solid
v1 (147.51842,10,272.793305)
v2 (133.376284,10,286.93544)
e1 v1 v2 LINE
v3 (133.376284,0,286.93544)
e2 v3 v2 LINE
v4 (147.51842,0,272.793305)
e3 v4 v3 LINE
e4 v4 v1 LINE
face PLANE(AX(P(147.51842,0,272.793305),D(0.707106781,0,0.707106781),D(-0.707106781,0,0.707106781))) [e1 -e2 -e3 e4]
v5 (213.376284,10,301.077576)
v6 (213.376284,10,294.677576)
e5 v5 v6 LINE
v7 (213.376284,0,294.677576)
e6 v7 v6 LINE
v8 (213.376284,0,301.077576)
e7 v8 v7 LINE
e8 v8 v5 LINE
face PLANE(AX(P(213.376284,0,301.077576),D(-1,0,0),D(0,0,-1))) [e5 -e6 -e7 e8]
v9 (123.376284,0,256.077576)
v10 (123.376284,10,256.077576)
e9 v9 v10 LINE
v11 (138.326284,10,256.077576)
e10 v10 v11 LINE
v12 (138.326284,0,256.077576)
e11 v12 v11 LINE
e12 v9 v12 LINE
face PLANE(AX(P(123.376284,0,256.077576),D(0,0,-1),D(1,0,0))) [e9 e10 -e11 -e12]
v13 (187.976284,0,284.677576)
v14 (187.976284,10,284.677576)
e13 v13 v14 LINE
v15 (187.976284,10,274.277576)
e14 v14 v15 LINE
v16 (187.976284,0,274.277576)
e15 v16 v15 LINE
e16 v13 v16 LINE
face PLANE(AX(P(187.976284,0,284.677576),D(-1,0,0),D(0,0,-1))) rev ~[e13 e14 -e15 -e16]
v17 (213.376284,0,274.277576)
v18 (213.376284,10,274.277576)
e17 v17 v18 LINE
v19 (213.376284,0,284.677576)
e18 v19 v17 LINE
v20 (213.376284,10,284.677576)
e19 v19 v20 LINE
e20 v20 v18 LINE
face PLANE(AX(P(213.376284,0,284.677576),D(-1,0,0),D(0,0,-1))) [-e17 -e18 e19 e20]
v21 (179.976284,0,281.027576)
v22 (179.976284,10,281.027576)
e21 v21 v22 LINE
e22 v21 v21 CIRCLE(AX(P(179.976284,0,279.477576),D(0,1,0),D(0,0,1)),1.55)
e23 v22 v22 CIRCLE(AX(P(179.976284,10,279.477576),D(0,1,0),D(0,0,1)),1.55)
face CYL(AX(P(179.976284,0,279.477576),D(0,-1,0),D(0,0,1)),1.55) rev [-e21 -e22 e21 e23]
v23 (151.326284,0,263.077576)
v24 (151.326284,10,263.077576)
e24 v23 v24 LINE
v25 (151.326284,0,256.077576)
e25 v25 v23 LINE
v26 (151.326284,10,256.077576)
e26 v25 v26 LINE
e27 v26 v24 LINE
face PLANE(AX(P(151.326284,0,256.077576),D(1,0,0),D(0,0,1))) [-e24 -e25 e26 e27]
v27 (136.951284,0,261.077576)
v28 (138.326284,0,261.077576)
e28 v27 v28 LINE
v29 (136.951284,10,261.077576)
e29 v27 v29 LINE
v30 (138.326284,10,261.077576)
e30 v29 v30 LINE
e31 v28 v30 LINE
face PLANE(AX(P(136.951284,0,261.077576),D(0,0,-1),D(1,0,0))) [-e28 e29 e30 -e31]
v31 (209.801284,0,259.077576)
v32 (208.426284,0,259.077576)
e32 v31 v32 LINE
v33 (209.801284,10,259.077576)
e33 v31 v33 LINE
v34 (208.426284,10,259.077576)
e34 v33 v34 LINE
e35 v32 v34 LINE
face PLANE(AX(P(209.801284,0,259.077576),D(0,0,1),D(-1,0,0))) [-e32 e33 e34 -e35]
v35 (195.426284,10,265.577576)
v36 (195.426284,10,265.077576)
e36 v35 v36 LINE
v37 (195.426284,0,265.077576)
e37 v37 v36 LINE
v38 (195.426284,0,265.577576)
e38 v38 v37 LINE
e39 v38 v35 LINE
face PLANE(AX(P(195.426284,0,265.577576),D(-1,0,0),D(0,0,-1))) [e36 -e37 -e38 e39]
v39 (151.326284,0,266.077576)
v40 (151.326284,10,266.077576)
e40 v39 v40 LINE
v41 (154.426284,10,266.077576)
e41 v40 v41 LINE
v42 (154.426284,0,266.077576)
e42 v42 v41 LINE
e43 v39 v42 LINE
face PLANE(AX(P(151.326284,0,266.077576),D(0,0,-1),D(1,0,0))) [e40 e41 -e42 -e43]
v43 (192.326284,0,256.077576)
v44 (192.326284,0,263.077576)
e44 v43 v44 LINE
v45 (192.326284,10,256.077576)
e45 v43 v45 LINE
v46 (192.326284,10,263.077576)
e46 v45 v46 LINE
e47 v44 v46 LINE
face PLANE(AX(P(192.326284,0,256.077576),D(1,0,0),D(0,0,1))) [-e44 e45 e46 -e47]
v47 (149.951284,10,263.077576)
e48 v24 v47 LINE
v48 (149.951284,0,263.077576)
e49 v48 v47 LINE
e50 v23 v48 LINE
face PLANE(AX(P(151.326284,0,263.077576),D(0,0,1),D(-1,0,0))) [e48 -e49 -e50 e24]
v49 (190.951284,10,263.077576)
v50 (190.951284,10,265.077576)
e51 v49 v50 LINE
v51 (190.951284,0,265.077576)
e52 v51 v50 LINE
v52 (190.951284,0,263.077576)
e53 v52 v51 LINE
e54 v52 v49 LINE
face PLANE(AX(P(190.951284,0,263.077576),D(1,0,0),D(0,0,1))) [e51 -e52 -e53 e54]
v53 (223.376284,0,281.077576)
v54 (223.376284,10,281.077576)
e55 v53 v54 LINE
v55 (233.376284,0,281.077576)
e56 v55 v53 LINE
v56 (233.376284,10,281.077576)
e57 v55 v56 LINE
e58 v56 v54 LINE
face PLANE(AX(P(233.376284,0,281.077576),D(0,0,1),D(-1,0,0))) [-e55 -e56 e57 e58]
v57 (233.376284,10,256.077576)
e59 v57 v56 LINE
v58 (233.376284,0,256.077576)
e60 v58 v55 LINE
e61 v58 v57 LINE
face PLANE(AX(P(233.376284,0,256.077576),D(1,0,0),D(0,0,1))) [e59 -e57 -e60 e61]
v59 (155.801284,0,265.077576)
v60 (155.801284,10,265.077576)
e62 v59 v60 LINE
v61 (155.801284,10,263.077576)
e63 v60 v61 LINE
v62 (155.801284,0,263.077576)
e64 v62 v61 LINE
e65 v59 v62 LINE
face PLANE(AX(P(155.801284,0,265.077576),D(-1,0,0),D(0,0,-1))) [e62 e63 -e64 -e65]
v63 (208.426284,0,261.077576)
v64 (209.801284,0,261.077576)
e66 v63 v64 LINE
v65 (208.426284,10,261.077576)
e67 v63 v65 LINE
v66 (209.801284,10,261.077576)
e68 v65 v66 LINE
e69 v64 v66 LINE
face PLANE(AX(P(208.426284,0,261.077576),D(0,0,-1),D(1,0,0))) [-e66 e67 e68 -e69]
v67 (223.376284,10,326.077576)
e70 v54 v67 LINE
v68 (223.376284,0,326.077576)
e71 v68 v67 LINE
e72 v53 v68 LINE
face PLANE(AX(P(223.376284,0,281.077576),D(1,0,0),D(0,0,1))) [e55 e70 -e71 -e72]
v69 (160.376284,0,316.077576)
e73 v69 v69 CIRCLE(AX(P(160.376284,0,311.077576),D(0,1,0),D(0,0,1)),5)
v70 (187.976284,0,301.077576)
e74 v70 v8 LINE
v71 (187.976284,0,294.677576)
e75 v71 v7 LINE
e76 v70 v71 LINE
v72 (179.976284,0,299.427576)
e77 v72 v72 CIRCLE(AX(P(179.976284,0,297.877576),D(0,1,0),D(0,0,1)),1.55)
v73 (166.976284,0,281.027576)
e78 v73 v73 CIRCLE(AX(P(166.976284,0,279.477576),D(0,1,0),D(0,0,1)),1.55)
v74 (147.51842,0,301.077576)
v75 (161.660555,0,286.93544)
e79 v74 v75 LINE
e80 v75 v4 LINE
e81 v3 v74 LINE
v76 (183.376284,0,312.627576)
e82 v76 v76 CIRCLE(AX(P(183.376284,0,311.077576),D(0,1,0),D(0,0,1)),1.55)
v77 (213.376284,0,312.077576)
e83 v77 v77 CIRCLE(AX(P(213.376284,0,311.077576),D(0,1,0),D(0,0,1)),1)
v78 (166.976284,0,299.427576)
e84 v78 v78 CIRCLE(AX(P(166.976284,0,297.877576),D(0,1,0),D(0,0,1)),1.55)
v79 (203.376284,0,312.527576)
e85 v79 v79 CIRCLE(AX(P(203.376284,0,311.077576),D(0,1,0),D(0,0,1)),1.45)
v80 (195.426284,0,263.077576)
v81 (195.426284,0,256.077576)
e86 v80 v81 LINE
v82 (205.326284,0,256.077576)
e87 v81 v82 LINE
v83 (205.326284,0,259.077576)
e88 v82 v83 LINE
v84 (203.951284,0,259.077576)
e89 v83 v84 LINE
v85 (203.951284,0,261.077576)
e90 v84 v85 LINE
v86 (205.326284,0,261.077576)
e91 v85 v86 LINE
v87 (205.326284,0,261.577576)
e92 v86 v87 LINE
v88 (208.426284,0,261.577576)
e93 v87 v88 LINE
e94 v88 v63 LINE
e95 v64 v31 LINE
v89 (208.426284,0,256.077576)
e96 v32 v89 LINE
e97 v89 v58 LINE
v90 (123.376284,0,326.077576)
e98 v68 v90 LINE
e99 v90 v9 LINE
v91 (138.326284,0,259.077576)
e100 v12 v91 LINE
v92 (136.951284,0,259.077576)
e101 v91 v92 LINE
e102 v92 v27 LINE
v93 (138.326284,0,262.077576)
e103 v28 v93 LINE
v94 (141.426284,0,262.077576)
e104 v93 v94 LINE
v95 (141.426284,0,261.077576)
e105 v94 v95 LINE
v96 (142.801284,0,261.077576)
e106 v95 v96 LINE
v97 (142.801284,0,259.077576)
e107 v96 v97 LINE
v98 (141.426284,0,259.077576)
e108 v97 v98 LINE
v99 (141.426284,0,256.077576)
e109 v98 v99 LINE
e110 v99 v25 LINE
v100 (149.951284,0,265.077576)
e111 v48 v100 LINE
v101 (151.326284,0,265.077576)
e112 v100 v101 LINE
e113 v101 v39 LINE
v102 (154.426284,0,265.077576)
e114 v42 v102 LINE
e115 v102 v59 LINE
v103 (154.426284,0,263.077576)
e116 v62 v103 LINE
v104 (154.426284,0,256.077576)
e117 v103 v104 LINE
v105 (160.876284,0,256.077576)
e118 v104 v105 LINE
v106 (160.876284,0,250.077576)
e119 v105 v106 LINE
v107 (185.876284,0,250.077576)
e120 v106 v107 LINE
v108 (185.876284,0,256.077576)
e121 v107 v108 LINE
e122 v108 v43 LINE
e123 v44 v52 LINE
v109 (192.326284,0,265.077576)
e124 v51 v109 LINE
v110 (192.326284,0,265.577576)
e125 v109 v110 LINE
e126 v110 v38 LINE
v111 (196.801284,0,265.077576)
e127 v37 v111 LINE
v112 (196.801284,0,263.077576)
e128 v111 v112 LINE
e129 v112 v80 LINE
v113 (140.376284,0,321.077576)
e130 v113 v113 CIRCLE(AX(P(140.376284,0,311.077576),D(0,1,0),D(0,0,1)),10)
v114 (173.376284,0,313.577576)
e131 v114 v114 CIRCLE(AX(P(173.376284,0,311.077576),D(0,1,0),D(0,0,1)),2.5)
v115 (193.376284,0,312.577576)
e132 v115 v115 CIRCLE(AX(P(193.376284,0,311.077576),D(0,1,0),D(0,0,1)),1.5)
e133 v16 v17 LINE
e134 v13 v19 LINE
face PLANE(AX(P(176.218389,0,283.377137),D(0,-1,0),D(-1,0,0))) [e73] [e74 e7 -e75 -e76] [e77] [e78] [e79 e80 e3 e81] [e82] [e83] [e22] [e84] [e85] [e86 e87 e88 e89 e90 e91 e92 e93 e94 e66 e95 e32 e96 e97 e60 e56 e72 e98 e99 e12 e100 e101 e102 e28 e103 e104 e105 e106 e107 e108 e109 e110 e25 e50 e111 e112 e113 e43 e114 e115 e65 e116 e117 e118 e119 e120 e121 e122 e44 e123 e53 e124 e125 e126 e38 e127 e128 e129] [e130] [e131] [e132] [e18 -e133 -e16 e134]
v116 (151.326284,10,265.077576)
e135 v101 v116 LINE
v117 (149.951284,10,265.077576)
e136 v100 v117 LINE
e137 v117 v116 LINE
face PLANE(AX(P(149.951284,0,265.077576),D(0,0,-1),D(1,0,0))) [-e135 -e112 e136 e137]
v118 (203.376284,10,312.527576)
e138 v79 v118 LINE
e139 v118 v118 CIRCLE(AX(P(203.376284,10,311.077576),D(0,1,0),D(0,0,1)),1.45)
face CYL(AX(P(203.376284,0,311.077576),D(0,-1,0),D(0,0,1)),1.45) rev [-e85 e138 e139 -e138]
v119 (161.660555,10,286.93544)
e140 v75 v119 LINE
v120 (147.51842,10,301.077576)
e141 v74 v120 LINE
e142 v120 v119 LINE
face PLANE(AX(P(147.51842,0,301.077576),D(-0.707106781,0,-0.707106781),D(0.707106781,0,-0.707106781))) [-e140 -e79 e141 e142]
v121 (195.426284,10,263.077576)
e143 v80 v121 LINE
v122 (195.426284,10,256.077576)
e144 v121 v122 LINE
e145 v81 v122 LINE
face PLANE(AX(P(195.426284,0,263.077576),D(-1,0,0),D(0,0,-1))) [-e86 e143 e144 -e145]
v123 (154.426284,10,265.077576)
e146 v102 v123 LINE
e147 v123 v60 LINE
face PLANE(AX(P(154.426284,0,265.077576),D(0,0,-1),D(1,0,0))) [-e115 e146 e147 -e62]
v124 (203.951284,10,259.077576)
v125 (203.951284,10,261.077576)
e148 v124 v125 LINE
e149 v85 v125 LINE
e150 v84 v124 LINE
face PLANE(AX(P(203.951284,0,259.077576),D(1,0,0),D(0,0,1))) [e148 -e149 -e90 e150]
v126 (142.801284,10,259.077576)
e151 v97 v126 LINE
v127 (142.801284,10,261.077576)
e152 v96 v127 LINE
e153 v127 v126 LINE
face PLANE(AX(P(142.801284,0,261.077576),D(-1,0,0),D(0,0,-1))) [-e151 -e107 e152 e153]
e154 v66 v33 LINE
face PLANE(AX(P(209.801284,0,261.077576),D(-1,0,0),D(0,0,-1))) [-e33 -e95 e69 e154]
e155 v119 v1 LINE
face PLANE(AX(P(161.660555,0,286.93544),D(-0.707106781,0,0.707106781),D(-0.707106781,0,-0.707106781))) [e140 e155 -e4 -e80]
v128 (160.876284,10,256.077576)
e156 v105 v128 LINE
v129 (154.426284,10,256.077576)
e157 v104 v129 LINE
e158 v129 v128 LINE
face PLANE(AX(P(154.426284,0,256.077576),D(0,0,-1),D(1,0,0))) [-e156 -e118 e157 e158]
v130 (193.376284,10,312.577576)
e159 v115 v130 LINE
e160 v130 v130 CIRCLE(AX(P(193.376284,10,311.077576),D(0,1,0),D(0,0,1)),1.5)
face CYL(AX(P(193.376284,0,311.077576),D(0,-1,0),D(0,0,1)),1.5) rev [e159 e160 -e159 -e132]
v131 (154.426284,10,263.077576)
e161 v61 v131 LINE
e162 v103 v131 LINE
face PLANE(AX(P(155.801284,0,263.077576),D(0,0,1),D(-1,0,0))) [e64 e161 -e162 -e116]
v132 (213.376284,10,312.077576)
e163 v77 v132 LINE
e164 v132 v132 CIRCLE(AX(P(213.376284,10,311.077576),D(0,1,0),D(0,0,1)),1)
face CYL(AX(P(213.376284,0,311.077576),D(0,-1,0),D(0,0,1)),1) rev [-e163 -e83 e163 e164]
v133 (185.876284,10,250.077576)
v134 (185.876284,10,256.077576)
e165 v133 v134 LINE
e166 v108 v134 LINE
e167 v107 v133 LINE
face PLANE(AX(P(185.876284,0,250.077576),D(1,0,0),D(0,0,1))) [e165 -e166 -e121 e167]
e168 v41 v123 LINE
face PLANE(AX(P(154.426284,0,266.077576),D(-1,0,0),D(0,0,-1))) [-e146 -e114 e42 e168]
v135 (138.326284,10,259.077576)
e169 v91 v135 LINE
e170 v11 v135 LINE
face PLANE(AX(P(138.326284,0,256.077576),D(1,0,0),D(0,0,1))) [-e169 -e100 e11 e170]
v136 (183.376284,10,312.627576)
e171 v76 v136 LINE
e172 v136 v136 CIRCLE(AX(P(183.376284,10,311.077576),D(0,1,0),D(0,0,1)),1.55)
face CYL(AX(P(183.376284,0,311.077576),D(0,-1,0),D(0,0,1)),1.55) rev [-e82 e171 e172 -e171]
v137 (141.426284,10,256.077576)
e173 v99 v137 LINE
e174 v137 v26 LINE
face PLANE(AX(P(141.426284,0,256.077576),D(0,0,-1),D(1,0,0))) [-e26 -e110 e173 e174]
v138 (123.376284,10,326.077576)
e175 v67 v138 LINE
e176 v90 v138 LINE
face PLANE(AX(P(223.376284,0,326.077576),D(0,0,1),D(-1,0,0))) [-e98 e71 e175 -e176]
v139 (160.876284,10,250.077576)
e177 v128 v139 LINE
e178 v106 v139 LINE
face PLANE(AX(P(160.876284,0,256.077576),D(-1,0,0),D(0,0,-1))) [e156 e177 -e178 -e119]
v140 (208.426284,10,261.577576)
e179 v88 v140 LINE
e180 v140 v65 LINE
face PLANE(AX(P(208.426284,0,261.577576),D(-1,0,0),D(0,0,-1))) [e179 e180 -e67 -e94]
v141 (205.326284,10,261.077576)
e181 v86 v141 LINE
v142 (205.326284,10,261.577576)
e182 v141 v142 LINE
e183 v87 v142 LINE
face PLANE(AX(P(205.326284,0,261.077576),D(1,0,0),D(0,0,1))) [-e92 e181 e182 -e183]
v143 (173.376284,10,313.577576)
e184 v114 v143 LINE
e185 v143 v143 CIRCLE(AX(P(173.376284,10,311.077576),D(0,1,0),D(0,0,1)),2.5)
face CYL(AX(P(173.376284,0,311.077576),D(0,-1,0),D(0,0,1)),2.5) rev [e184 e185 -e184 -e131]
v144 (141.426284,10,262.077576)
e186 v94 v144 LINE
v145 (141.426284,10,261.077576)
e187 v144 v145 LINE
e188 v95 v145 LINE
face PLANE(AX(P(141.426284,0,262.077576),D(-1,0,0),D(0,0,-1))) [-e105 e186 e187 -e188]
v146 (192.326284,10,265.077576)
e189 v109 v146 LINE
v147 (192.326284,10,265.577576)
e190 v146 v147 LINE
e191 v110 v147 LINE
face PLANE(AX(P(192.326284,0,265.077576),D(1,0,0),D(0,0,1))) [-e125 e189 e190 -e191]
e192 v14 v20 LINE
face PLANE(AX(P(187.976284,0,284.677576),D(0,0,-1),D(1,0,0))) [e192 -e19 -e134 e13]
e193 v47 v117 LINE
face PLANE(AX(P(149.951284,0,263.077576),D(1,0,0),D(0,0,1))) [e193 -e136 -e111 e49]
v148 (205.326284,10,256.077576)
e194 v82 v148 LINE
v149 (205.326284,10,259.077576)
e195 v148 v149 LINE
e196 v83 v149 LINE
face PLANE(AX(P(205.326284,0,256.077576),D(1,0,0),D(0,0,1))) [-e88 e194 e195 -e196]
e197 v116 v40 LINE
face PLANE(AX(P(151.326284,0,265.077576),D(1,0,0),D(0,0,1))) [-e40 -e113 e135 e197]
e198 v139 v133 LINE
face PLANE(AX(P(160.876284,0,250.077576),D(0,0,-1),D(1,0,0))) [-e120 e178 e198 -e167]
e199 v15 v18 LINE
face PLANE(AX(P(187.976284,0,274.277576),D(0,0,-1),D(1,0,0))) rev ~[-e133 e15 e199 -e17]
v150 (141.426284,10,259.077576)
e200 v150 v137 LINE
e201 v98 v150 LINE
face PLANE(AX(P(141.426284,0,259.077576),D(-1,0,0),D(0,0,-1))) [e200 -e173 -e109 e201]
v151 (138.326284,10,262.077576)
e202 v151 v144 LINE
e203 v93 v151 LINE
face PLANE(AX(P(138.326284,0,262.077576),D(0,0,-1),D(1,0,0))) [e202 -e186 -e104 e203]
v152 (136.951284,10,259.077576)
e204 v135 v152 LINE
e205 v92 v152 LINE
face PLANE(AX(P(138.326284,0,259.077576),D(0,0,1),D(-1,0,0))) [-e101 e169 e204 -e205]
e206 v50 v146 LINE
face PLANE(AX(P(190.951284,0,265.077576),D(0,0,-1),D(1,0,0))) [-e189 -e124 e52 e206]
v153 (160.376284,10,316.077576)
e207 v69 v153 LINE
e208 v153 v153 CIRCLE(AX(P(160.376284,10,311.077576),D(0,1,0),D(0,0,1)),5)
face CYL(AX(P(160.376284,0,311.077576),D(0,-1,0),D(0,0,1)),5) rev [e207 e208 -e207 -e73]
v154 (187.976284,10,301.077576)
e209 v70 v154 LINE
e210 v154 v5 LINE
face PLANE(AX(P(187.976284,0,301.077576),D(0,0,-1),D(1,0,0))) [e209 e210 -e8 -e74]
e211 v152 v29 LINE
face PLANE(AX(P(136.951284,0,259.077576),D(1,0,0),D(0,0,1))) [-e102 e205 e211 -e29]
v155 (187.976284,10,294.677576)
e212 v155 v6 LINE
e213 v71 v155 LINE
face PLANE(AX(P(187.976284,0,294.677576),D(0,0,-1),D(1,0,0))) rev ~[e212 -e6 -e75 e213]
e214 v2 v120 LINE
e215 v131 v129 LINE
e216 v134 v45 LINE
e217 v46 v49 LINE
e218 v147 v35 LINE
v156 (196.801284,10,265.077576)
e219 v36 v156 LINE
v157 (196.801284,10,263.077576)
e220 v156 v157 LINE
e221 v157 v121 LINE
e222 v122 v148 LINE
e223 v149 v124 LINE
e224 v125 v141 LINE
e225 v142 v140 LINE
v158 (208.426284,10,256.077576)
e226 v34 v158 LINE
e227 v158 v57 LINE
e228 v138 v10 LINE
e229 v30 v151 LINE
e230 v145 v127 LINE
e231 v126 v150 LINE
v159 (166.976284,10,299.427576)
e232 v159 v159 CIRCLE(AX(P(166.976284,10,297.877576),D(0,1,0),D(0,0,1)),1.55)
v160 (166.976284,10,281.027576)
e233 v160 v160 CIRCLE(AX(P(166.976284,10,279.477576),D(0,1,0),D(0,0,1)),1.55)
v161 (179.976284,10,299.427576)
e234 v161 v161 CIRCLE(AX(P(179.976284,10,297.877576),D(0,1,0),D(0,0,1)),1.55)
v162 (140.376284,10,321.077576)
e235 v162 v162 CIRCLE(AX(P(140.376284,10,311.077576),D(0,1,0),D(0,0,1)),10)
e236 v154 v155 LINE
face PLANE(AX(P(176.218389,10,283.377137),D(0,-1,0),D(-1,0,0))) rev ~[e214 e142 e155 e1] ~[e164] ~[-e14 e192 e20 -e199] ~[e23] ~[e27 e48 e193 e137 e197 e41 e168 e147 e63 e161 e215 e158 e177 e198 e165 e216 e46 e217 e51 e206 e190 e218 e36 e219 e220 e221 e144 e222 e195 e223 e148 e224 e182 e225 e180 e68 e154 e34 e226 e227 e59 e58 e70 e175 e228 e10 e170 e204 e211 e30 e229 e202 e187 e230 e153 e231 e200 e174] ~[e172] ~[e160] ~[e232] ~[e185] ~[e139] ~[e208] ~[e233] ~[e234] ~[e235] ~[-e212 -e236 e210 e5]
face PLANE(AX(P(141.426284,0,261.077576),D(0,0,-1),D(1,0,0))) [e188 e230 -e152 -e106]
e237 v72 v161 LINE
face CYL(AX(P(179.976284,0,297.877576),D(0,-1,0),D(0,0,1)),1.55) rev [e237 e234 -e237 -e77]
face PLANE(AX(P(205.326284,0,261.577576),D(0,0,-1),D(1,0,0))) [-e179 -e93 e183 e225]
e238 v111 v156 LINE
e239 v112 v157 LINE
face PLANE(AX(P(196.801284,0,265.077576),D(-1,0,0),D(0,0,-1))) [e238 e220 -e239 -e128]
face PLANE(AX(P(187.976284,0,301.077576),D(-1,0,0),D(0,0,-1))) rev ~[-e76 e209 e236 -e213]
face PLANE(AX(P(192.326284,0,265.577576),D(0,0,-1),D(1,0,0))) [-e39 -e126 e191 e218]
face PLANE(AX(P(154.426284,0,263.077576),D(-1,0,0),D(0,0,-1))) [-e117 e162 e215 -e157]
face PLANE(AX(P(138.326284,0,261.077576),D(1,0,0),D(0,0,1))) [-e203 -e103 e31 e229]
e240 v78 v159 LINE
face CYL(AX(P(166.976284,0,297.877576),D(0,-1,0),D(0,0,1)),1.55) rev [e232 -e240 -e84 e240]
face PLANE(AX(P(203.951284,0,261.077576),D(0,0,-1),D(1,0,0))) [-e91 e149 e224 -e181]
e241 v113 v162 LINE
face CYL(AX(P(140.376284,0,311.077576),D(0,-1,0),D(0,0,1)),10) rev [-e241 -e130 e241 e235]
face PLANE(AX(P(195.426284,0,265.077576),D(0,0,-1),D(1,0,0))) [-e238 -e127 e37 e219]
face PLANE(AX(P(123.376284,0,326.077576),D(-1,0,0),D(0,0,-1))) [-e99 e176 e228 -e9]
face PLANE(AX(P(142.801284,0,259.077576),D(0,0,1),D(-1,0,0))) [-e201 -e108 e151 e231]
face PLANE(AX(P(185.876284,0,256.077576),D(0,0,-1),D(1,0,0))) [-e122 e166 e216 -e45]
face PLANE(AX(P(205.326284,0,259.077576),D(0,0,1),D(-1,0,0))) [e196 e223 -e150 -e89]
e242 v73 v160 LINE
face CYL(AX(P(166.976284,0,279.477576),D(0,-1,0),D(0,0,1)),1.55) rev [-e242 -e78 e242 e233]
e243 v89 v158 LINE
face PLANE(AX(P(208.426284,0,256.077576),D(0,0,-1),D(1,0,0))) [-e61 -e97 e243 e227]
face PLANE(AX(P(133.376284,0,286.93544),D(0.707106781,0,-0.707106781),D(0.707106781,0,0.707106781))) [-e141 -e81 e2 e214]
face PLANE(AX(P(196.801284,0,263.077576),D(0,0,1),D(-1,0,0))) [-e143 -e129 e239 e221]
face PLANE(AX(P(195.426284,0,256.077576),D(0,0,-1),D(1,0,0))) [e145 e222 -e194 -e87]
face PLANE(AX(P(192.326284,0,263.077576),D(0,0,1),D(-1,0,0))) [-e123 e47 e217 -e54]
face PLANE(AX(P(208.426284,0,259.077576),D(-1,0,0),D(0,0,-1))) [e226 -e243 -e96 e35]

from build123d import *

# Parameters (mm, degrees)
SZKIC1_R                    = 1
SZKIC1_R_2                  = 1.5
SZKIC1_R_3                  = 1.55
SZKIC1_R_4                  = 2.5
SZKIC1_R_5                  = 5
SZKIC1_R_6                  = 10
SZKIC1_R_7                  = 1.45
SZKIC1_W                    = 25.4
SZKIC1_H                    = 6.4
SZKIC1_H_2                  = 10.4
DODANIE_WYCI_GNI_CIE1_DEPTH = 10


with BuildPart() as part:
    # Szkic1 → Dodanie-wyciągnięcie1 (new body)
    with BuildSketch(Plane(origin=(0, 0, 0), x_dir=(1, 0, 0), z_dir=(0, 1, 0))):
        Polygon((208.426283919, -256.077576053), (233.376283919, -256.077576053), (233.376283919, -281.077576053), (223.376283919, -281.077576053), (223.376283919, -326.077576053), (123.376283919, -326.077576053), (123.376283919, -256.077576053), (138.326283919, -256.077576053), (138.326283919, -259.077576053), (136.951283919, -259.077576053), (136.951283919, -261.077576053), (138.326283919, -261.077576053), (138.326283919, -262.077576053), (141.426283919, -262.077576053), (141.426283919, -261.077576053), (142.801283919, -261.077576053), (142.801283919, -259.077576053), (141.426283919, -259.077576053), (141.426283919, -256.077576053), (151.326283919, -256.077576053), (151.326283919, -263.077576053), (149.951283919, -263.077576053), (149.951283919, -265.077576053), (151.326283919, -265.077576053), (151.326283919, -266.077576053), (154.426283919, -266.077576053), (154.426283919, -265.077576053), (155.801283919, -265.077576053), (155.801283919, -263.077576053), (154.426283919, -263.077576053), (154.426283919, -256.077576053), (160.876283919, -256.077576053), (160.876283919, -250.077576053), (185.876283919, -250.077576053), (185.876283919, -256.077576053), (192.326283919, -256.077576053), (192.326283919, -263.077576053), (190.951283919, -263.077576053), (190.951283919, -265.077576053), (192.326283919, -265.077576053), (192.326283919, -265.577576053), (195.426283919, -265.577576053), (195.426283919, -265.077576053), (196.801283919, -265.077576053), (196.801283919, -263.077576053), (195.426283919, -263.077576053), (195.426283919, -256.077576053), (205.326283919, -256.077576053), (205.326283919, -259.077576053), (203.951283919, -259.077576053), (203.951283919, -261.077576053), (205.326283919, -261.077576053), (205.326283919, -261.577576053), (208.426283919, -261.577576053), (208.426283919, -261.077576053), (209.801283919, -261.077576053), (209.801283919, -259.077576053), (208.426283919, -259.077576053), align=None)
        with Locations(Location((213.376283919, -311.077576053, 0), (0, 0, 270))):
            Circle(SZKIC1_R, mode=Mode.SUBTRACT)
        with Locations(Location((193.376283919, -311.077576053, 0), (0, 0, 270))):
            Circle(SZKIC1_R_2, mode=Mode.SUBTRACT)
        with Locations(Location((183.376283919, -311.077576053, 0), (0, 0, 270))):
            Circle(SZKIC1_R_3, mode=Mode.SUBTRACT)
        with Locations(Location((173.376283919, -311.077576053, 0), (0, 0, 270))):
            Circle(SZKIC1_R_4, mode=Mode.SUBTRACT)
        with Locations(Location((160.376283919, -311.077576053, 0), (0, 0, 270))):
            Circle(SZKIC1_R_5, mode=Mode.SUBTRACT)
        with Locations(Location((140.376283919, -311.077576053, 0), (0, 0, 270))):
            Circle(SZKIC1_R_6, mode=Mode.SUBTRACT)
        with Locations(Location((179.976283919, -279.477576053, 0), (0, 0, 270))):
            Circle(SZKIC1_R_3, mode=Mode.SUBTRACT)
        with Locations(Location((166.976283919, -279.477576053, 0), (0, 0, 270))):
            Circle(SZKIC1_R_3, mode=Mode.SUBTRACT)
        with Locations(Location((179.976283919, -297.877576053, 0), (0, 0, 270))):
            Circle(SZKIC1_R_3, mode=Mode.SUBTRACT)
        with Locations(Location((166.976283919, -297.877576053, 0), (0, 0, 270))):
            Circle(SZKIC1_R_3, mode=Mode.SUBTRACT)
        with Locations(Location((203.376283919, -311.077576053, 0), (0, 0, 270))):
            Circle(SZKIC1_R_7, mode=Mode.SUBTRACT)
        with Locations((200.676283919, -297.877576053)):
            Rectangle(SZKIC1_W, SZKIC1_H, mode=Mode.SUBTRACT)
        with Locations((200.676283919, -279.477576053)):
            Rectangle(SZKIC1_W, SZKIC1_H_2, mode=Mode.SUBTRACT)
        Polygon((161.660555166, -286.935440429), (147.518419543, -272.793304805), (133.376283919, -286.935440429), (147.518419543, -301.077576053), align=None, mode=Mode.SUBTRACT)
    extrude(amount=DODANIE_WYCI_GNI_CIE1_DEPTH)


solid = part.part
